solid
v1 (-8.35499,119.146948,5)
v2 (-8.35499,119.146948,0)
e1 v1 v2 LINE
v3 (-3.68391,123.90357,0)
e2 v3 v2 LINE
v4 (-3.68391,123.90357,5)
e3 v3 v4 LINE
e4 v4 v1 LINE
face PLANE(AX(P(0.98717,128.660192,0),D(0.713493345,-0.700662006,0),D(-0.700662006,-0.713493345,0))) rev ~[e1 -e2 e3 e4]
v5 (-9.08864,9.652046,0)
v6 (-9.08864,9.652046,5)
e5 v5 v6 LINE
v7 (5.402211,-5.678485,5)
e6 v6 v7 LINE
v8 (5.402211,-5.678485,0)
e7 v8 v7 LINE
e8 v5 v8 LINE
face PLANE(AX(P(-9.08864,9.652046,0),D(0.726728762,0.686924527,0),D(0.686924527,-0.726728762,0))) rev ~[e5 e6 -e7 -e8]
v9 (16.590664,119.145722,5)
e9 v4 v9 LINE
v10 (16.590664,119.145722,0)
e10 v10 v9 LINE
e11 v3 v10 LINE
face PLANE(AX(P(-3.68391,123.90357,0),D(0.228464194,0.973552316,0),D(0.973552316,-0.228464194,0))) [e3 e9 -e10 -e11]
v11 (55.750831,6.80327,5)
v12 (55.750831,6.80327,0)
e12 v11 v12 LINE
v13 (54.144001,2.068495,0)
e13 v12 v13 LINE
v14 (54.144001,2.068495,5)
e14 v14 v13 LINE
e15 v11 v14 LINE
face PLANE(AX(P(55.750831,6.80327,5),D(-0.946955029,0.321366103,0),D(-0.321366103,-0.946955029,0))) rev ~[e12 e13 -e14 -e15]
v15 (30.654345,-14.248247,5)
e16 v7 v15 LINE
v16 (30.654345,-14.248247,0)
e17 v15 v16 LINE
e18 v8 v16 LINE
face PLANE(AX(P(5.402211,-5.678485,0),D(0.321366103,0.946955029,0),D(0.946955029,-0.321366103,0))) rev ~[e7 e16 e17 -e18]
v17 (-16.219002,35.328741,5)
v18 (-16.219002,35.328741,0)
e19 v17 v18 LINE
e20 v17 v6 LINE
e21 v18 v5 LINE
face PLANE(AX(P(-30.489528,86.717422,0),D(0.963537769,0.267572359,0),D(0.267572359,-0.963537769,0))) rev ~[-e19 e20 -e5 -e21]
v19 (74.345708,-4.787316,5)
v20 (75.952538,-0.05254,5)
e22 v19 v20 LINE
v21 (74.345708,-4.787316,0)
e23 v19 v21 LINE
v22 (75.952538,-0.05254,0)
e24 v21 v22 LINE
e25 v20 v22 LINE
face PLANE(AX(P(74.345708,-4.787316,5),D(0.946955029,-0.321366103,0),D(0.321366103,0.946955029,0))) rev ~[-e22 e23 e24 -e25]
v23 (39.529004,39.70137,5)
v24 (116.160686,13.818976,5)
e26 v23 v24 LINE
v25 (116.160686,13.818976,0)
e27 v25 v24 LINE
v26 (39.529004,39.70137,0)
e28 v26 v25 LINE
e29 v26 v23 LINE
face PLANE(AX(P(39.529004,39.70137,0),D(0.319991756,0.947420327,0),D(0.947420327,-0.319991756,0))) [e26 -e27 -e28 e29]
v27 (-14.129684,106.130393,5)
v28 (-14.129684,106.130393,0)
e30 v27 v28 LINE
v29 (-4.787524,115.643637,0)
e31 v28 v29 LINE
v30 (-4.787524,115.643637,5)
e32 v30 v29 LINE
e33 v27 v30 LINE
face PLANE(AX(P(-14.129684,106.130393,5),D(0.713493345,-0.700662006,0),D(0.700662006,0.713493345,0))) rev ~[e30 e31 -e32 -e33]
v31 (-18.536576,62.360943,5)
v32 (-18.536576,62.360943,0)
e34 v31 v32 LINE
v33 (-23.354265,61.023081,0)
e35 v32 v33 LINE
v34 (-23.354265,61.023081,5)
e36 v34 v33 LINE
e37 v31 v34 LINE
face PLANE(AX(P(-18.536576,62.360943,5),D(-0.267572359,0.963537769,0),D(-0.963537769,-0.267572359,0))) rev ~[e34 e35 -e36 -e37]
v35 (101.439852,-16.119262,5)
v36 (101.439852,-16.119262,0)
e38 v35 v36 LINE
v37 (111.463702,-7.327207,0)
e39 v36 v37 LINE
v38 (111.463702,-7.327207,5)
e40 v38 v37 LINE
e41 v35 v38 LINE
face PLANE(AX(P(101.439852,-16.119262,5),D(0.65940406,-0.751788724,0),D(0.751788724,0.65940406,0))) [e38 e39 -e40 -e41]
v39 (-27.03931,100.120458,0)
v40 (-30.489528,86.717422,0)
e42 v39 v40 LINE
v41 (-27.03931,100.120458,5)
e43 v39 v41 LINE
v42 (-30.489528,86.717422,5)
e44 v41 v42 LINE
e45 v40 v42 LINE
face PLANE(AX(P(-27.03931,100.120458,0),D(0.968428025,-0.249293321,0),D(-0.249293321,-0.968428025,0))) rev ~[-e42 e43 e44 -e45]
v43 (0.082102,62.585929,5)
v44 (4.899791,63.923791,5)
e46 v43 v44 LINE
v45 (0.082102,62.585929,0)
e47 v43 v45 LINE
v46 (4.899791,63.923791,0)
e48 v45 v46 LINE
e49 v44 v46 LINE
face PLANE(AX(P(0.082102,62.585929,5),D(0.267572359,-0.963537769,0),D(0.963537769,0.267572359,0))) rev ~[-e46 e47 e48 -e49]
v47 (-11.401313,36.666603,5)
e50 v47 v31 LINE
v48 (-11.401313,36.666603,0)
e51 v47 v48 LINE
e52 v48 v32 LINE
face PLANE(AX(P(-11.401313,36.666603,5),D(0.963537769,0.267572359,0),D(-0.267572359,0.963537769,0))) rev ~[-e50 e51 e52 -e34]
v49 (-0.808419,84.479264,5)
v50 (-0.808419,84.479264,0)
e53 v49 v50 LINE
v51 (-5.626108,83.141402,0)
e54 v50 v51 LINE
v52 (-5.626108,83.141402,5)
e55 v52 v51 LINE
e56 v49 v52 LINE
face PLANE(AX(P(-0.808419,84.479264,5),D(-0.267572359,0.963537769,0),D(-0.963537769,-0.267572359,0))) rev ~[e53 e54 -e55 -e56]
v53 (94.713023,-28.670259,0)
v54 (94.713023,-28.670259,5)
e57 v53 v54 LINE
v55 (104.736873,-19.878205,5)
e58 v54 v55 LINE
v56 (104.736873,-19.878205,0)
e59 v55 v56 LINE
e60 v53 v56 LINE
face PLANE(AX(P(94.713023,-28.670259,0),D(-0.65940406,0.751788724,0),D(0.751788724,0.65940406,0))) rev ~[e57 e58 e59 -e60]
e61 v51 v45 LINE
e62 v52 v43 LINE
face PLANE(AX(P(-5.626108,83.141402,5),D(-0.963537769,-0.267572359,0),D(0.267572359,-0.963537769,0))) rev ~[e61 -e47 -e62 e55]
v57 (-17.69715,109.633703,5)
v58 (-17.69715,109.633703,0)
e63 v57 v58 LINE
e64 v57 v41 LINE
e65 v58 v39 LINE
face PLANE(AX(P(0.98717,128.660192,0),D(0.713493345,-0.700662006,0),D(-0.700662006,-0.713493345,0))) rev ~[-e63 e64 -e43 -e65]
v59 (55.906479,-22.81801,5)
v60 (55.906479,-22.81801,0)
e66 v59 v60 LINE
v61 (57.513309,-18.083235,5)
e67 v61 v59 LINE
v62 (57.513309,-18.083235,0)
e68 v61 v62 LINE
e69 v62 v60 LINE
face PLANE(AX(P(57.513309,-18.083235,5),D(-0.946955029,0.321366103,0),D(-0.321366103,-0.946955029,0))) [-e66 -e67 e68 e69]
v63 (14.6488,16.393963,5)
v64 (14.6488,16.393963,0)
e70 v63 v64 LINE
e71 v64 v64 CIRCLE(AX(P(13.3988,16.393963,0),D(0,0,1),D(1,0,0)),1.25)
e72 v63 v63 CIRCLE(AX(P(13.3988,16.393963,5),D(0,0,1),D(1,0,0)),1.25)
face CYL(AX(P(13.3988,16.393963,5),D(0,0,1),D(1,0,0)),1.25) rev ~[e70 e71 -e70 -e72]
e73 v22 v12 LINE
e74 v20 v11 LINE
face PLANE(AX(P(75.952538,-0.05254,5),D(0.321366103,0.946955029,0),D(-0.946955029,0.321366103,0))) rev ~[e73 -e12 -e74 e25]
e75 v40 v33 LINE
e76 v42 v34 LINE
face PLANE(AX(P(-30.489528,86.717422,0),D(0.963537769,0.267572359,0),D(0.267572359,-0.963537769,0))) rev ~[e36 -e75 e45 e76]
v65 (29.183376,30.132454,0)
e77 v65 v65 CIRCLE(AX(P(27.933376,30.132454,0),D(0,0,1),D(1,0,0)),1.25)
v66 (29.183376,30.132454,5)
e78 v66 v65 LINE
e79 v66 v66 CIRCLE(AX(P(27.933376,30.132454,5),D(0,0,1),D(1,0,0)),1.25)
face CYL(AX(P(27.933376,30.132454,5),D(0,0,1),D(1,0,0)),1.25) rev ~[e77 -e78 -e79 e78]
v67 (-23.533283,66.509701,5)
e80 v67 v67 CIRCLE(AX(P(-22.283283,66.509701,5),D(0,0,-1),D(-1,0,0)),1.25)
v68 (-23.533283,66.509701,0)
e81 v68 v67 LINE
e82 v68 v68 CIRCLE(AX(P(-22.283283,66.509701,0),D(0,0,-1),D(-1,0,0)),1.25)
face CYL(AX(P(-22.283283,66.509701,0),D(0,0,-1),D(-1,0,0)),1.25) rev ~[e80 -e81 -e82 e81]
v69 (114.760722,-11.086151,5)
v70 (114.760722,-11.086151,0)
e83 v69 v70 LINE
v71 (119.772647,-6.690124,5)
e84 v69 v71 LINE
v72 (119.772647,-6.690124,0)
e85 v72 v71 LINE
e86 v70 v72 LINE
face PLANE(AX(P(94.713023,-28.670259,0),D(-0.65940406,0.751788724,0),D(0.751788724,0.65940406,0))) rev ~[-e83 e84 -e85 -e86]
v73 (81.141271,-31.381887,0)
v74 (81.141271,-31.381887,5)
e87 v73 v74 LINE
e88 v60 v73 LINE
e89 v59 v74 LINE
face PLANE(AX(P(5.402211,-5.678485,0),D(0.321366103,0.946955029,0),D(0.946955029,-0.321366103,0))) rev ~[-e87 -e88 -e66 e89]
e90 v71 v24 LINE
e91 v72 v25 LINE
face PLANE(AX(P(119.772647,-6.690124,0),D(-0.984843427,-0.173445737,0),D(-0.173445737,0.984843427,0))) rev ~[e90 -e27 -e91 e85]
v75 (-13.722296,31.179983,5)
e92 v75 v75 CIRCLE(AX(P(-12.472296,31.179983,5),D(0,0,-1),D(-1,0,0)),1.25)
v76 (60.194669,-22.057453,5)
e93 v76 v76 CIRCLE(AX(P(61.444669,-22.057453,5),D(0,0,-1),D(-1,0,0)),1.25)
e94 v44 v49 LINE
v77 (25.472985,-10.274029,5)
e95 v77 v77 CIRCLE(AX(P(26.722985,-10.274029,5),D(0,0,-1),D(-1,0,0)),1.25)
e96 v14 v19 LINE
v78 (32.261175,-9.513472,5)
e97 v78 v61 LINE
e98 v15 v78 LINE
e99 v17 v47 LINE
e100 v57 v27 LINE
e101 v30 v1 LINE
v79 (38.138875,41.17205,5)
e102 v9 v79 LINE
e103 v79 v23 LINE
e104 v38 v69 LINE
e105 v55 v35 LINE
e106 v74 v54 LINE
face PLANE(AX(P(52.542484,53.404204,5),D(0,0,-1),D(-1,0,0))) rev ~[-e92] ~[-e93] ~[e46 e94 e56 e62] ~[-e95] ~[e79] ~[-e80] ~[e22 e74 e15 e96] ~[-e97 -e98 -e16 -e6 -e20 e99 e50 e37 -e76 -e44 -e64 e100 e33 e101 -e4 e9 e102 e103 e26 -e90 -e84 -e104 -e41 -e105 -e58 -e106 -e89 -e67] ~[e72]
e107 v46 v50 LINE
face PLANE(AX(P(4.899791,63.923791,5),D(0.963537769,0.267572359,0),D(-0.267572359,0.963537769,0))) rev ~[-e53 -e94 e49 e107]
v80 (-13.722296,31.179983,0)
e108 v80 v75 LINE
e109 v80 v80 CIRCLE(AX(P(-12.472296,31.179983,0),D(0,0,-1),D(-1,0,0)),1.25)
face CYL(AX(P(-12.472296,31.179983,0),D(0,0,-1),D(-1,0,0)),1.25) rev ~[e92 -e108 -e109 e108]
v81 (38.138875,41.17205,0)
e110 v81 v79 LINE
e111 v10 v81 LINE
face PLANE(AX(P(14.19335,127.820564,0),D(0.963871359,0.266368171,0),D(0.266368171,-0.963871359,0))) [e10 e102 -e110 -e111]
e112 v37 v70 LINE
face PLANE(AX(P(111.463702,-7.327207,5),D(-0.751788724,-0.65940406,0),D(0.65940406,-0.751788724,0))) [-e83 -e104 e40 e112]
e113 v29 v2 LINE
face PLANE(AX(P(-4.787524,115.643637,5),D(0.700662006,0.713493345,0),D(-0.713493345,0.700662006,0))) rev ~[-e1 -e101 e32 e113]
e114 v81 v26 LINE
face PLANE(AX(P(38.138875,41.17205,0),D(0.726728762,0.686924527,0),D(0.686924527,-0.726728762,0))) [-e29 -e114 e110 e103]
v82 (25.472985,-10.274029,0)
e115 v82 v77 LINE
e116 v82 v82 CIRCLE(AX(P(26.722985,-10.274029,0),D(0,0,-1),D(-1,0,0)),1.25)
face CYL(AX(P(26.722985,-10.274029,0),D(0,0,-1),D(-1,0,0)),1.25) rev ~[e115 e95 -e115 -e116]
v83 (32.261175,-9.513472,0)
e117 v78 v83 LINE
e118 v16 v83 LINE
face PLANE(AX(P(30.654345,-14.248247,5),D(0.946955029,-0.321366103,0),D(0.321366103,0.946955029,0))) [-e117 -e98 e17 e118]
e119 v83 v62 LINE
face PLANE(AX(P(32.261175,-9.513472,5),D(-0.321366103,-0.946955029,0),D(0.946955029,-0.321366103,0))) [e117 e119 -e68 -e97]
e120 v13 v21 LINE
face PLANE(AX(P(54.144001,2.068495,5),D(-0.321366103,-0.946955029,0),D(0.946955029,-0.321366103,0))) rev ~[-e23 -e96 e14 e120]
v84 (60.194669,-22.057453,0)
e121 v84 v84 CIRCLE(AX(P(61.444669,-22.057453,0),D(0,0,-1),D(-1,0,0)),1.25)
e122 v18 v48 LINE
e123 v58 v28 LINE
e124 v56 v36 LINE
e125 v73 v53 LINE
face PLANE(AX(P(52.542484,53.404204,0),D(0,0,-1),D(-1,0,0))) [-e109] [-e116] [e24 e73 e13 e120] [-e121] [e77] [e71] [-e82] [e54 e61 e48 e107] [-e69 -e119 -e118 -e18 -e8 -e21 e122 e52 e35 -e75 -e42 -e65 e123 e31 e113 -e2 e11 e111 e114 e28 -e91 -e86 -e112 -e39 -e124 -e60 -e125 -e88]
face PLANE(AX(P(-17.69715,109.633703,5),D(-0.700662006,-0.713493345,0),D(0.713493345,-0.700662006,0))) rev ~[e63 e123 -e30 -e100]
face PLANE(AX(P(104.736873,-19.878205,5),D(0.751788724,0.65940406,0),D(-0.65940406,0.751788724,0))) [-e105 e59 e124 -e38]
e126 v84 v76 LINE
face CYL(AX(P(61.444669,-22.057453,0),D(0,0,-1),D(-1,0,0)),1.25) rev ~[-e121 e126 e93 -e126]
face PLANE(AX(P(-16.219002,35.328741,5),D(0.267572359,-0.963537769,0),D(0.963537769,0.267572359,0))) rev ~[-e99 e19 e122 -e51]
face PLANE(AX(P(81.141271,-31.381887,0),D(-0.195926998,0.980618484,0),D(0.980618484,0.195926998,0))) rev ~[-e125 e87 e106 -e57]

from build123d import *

# Parameters (mm, degrees)
SALIENTE_EXTRUIR1_DEPTH = 5
CROQUIS2_R              = 1.25
CORTAR_EXTRUIR1_DEPTH   = 10
CORTAR_EXTRUIR2_DEPTH   = 22
CORTAR_EXTRUIR3_DEPTH   = 10
SALIENTE_EXTRUIR2_DEPTH = 5
CROQUIS7_R              = 1.25
CORTAR_EXTRUIR4_DEPTH   = 10
SALIENTE_EXTRUIR3_DEPTH = 5
CORTAR_EXTRUIR7_DEPTH   = 10


with BuildPart() as part:
    # Croquis1 → Saliente-Extruir1 (new body)
    with BuildSketch(Plane.XY):
        Polygon((94.71302301, -28.670259317), (124.784571975, -2.294096918), (121.487551675, 1.464846702), (33.971255169, 31.023525729), (29.162783478, 36.110627065), (4.554636507, 125.156882092), (0.987169784, 128.660192123), (-27.039310471, 100.120458339), (-30.489528096, 86.717422014), (-9.088639631, 9.652046375), (5.402210696, -5.678484568), (81.141270829, -31.381887447), align=None)
    extrude(amount=SALIENTE_EXTRUIR1_DEPTH)

    # Croquis2 → Cortar-Extruir1 (cut)
    with BuildSketch(Plane.XY.offset(5)):
        with Locations((27.933375513, 30.132453761)):
            Circle(CROQUIS2_R)
        with Locations((13.398800269, 16.393963215)):
            Circle(CROQUIS2_R)
    extrude(amount=-CORTAR_EXTRUIR1_DEPTH, mode=Mode.SUBTRACT)

    # Croquis3 → Cortar-Extruir2 (cut)
    with BuildSketch(Plane.XY.offset(5)):
        Polygon((32.261175329, -9.513472178), (57.513309445, -18.083234934), (55.906478928, -22.818010081), (30.654344812, -14.248247324), align=None)
        Polygon((101.439852365, -16.119261564), (111.46370202, -7.327207431), (114.76072232, -11.086151051), (104.736872665, -19.878205184), align=None)
        Polygon((-11.401313453, 36.666602778), (-18.536576351, 62.360943293), (-23.354265197, 61.023081499), (-16.219002299, 35.328740985), align=None)
        Polygon((-14.129683663, 106.130392902), (-4.787523578, 115.643637497), (-8.354990301, 119.146947529), (-17.697150386, 109.633702934), align=None)
    extrude(amount=-CORTAR_EXTRUIR2_DEPTH, mode=Mode.SUBTRACT)

    # Croquis4 → Cortar-Extruir3 (cut)
    with BuildSketch(Plane.XY.offset(5)):
        Polygon((-0.808419356, 84.479263676), (-5.626108202, 83.141401882), (0.082102116, 62.58592947), (4.899790963, 63.923791264), align=None)
        Polygon((55.750831206, 6.80326974), (54.144000689, 2.068494593), (74.345707981, -4.787315612), (75.952538498, -0.052540465), align=None)
    extrude(amount=-CORTAR_EXTRUIR3_DEPTH, mode=Mode.SUBTRACT)

    # Croquis5 → Saliente-Extruir2 (add)
    with BuildSketch(Plane.XY.offset(5)):
        Polygon((4.554636507, 125.156882092), (9.373993305, 126.488722946), (33.650829441, 38.641338728), (36.750129482, 35.362447971), (123.087510452, 6.201948338), (121.487551675, 1.464846702), (33.971255169, 31.023525729), (29.162783478, 36.110627065), align=None)
    extrude(amount=-SALIENTE_EXTRUIR2_DEPTH)

    # Croquis7 → Cortar-Extruir4 (cut)
    with BuildSketch(Plane(origin=(0, 0, 0), x_dir=(-1, 0, 0), z_dir=(0, 0, -1))):
        with Locations((-61.444669333, -22.057453024)):
            Circle(CROQUIS7_R)
        with Locations((-26.722984924, -10.274029234)):
            Circle(CROQUIS7_R)
        with Locations((12.472296082, 31.179983035)):
            Circle(CROQUIS7_R)
        with Locations((22.283282568, 66.509701242)):
            Circle(CROQUIS7_R)
    extrude(amount=-CORTAR_EXTRUIR4_DEPTH, mode=Mode.SUBTRACT)

    # Croquis8 → Saliente-Extruir3 (add)
    with BuildSketch(Plane(origin=(0, 0, 0), x_dir=(-1, 0, 0), z_dir=(0, 0, -1))):
        Polygon((-33.650829441, 38.641338728), (-9.373993305, 126.488722946), (-14.193350102, 127.8205638), (-38.138875404, 41.172050391), (-39.529003796, 39.701370213), (-124.68746923, 10.939049974), (-123.087510452, 6.201948338), (-36.750129482, 35.362447971), align=None)
    extrude(amount=-SALIENTE_EXTRUIR3_DEPTH)

    # Croquis9 → Cortar-Extruir7 (cut)
    with BuildSketch(Plane(origin=(0, 0, 0), x_dir=(-1, 0, 0), z_dir=(0, 0, -1))):
        Polygon((-119.772647147, -6.690123985), (-116.160686285, 13.818975774), (-124.68746923, 10.939049974), (-121.487551675, 1.464846702), (-124.784571975, -2.294096918), align=None)
        Polygon((3.683910258, 123.903569826), (-16.59066364, 119.145721565), (-14.193350102, 127.8205638), (-4.554636507, 125.156882092), (-0.987169784, 128.660192123), align=None)
    extrude(amount=-CORTAR_EXTRUIR7_DEPTH, mode=Mode.SUBTRACT)


solid = part.part
